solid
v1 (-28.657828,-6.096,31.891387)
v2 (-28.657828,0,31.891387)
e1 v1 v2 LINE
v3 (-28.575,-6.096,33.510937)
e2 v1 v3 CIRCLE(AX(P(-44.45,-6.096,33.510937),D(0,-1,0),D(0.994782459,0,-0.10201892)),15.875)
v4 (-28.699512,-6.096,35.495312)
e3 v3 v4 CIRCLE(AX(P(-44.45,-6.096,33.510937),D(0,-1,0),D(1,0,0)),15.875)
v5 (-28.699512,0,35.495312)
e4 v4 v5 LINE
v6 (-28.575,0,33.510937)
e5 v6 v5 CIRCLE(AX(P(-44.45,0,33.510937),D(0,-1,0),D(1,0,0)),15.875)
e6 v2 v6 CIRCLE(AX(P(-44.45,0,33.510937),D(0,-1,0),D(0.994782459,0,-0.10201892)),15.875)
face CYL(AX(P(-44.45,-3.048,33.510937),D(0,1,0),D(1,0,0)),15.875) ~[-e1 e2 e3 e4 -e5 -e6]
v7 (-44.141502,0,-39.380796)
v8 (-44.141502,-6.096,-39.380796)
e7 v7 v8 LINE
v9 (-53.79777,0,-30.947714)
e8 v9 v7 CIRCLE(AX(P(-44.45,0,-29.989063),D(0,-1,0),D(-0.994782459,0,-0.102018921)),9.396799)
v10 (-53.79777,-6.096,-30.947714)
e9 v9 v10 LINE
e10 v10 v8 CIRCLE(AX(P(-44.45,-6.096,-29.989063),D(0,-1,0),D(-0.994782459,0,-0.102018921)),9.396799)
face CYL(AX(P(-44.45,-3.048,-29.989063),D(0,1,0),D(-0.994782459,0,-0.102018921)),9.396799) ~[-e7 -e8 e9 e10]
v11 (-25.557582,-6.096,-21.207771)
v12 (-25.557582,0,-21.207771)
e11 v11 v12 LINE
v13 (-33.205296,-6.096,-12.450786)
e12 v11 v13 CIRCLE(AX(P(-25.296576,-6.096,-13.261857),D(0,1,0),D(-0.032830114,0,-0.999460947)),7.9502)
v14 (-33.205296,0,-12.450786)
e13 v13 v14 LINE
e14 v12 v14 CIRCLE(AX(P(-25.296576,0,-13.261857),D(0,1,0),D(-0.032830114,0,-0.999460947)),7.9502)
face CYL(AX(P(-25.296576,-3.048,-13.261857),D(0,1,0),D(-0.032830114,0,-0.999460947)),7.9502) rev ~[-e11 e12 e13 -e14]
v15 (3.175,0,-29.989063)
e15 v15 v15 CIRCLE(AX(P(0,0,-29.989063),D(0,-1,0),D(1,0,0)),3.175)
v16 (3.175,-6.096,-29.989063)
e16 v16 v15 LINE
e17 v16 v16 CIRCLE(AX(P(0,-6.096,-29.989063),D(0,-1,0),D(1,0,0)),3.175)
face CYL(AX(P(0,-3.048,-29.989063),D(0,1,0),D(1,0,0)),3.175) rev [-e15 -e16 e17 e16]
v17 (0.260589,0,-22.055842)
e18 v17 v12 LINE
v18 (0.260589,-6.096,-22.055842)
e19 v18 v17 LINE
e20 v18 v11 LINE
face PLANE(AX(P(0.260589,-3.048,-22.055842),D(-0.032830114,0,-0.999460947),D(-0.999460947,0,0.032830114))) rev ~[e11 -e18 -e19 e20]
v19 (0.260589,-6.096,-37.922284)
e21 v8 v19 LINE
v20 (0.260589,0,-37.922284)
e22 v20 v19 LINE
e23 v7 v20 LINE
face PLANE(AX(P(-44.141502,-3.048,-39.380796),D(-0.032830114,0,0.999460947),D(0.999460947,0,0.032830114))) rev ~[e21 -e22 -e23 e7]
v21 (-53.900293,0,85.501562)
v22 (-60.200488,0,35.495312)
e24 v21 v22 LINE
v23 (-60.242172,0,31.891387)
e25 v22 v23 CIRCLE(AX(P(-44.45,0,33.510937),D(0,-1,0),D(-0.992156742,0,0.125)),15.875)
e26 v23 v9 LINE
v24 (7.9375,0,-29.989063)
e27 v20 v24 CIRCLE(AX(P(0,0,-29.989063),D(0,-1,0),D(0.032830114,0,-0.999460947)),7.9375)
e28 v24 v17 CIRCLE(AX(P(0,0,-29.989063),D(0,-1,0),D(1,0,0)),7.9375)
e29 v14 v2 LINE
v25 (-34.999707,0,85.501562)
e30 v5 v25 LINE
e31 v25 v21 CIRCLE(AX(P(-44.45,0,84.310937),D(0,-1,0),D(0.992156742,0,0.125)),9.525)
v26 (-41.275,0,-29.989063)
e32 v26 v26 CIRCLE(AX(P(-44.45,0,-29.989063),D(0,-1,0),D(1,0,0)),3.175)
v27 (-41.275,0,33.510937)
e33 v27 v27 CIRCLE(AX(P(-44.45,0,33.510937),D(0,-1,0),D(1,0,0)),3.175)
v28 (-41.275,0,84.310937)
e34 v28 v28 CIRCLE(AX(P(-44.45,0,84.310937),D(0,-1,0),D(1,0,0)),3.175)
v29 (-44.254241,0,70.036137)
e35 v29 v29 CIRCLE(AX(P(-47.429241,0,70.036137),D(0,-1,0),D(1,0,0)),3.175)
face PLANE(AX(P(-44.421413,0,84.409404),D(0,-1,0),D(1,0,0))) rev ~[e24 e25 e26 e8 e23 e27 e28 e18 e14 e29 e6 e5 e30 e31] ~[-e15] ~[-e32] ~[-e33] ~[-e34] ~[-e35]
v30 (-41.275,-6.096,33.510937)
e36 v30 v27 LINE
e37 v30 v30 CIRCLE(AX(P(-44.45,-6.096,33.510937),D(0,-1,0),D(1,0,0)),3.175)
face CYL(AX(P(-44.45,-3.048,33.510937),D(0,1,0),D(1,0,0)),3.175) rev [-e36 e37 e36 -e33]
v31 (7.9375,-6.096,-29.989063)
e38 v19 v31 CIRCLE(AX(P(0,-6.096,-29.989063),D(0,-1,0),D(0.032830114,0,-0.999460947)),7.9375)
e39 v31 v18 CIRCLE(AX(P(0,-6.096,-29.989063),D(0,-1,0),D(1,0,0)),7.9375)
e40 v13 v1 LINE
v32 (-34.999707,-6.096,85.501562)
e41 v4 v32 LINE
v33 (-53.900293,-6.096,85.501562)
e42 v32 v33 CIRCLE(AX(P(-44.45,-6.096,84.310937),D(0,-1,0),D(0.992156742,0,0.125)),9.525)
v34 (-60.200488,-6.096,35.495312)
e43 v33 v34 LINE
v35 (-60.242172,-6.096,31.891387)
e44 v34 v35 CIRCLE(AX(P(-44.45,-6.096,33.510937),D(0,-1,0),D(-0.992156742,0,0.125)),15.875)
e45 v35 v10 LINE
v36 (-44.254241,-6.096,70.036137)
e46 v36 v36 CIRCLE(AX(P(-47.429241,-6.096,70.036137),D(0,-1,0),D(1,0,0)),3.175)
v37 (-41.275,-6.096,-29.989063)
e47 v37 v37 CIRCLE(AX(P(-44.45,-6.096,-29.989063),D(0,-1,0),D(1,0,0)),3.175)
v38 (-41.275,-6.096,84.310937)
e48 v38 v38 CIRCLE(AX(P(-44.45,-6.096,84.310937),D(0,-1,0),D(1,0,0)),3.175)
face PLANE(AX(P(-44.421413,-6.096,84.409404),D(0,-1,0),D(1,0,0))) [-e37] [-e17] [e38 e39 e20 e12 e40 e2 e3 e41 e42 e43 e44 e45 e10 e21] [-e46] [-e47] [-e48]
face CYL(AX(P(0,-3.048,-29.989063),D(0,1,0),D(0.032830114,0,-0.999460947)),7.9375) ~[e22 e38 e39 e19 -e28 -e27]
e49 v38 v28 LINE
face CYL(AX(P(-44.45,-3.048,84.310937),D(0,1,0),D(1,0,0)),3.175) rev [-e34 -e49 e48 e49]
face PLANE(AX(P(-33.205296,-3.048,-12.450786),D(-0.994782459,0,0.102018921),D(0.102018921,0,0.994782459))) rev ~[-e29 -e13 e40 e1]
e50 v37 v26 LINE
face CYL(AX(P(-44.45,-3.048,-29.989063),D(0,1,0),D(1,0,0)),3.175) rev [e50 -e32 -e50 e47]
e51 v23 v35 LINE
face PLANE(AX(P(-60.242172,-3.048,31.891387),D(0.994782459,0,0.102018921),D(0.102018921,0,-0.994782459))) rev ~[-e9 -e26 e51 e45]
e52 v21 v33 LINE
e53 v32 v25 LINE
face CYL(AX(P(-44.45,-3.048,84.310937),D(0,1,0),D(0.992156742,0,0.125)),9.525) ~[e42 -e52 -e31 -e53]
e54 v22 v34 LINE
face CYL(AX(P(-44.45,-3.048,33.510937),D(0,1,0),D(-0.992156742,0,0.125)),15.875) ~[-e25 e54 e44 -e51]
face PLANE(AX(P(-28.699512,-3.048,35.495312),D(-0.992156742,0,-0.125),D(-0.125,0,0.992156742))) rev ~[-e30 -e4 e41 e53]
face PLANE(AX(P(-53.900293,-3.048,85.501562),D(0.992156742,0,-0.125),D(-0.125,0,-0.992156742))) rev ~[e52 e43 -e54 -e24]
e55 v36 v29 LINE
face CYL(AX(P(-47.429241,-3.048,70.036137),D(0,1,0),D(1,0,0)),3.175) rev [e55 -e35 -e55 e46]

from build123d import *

# Parameters (mm, degrees)
F0_R     = 3.175
F1_DEPTH = 3.048
F2_DEPTH = 3.048


with BuildPart() as f1:
    # F0 (on Front) → F1 (new body)
    with BuildSketch(Plane.XZ):
        with BuildLine():
            ThreePointArc((-53.9002929642, 85.5015618777), (-45.046483242, 74.8046319835), (-34.925, 84.3109368777))
            ThreePointArc((-34.925, 84.3109368777), (-34.9436951058, 84.9074201197), (-34.9997070358, 85.5015618777))
            ThreePointArc((-34.9997070358, 85.5015618777), (-44.45, 93.8359368777), (-53.9002929642, 85.5015618777))
        make_face()
        with Locations((-44.45, 84.3109368777)):
            Circle(F0_R, mode=Mode.SUBTRACT)
        with BuildLine():
            ThreePointArc((-34.9997070358, 85.5015618777), (-34.9436951058, 84.9074201197), (-34.925, 84.3109368777))
            ThreePointArc((-34.925, 84.3109368777), (-45.046483242, 74.8046319835), (-53.9002929642, 85.5015618777))
            Line((-53.9002929642, 85.5015618777), (-60.2004882737, 35.4953118777))
            ThreePointArc((-60.2004882737, 35.4953118777), (-44.45, 49.3859368777), (-28.6995117263, 35.4953118777))
            Line((-28.6995117263, 35.4953118777), (-34.9997070358, 85.5015618777))
        make_face()
        with Locations((-47.42924124, 70.0361368777)):
            Circle(F0_R, mode=Mode.SUBTRACT)
        with BuildLine():
            ThreePointArc((-28.575, 33.5109368777), (-28.6061585096, 34.5050756143), (-28.6995117263, 35.4953118777))
            ThreePointArc((-28.6995117263, 35.4953118777), (-44.45, 49.3859368777), (-60.2004882737, 35.4953118777))
            ThreePointArc((-60.2004882737, 35.4953118777), (-60.3239382754, 33.6945359718), (-60.2421715296, 31.8913865144))
            ThreePointArc((-60.2421715296, 31.8913865144), (-44.45, 17.6359368777), (-28.6578284704, 31.8913865144))
            ThreePointArc((-28.6578284704, 31.8913865144), (-28.5957206403, 32.700103366), (-28.575, 33.5109368777))
        make_face()
        with Locations((-44.45, 33.5109368777)):
            Circle(F0_R, mode=Mode.SUBTRACT)
        with BuildLine():
            ThreePointArc((-28.6578284704, 31.8913865144), (-44.45, 17.6359368777), (-60.2421715296, 31.8913865144))
            Line((-60.2421715296, 31.8913865144), (-53.7977703607, -30.9477143664))
            ThreePointArc((-53.7977703607, -30.9477143664), (-44.9299520734, -20.6045296266), (-35.0532014535, -29.9890631223))
            ThreePointArc((-35.0532014535, -29.9890631223), (-37.6972703247, -36.5236223925), (-44.1415020369, -39.380796292))
            Line((-44.1415020369, -39.380796292), (0.2605890262, -37.9222843854))
            ThreePointArc((0.2605890262, -37.9222843854), (-7.9375, -29.9890631223), (0.2605890262, -22.0558418592))
            Line((0.2605890262, -22.0558418592), (-25.5575821066, -21.2077712142))
            ThreePointArc((-25.5575821066, -21.2077712142), (-31.2846727626, -18.4914245473), (-33.20529564, -12.4507859751))
            Line((-33.20529564, -12.4507859751), (-28.6578284704, 31.8913865144))
        make_face()
        with BuildLine():
            ThreePointArc((-35.0532014535, -29.9890631223), (-44.9299520734, -20.6045296266), (-53.7977703607, -30.9477143664))
            ThreePointArc((-53.7977703607, -30.9477143664), (-50.6311268439, -37.0667388611), (-44.1415020369, -39.380796292))
            ThreePointArc((-44.1415020369, -39.380796292), (-37.6972703247, -36.5236223925), (-35.0532014535, -29.9890631223))
        make_face()
        with Locations((-44.45, -29.9890631223)):
            Circle(F0_R, mode=Mode.SUBTRACT)
        with BuildLine():
            ThreePointArc((0.2605890262, -22.0558418592), (-7.9375, -29.9890631223), (0.2605890262, -37.9222843854))
            ThreePointArc((0.2605890262, -37.9222843854), (5.704048196, -35.5088222137), (7.9375, -29.9890631223))
            ThreePointArc((7.9375, -29.9890631223), (5.704048196, -24.4693040308), (0.2605890262, -22.0558418592))
        make_face()
        with Locations((0, -29.9890631223)):
            Circle(F0_R, mode=Mode.SUBTRACT)
    extrude(amount=F1_DEPTH)

    # F2 (add): a face of the model
    f2_faces = [f1.faces().sort_by_distance(p)[0] for p in [
        (-39.254194897, -3.048, 16.7991701215),
    ]]
    extrude(f2_faces, amount=F2_DEPTH)


solid = f1.part
